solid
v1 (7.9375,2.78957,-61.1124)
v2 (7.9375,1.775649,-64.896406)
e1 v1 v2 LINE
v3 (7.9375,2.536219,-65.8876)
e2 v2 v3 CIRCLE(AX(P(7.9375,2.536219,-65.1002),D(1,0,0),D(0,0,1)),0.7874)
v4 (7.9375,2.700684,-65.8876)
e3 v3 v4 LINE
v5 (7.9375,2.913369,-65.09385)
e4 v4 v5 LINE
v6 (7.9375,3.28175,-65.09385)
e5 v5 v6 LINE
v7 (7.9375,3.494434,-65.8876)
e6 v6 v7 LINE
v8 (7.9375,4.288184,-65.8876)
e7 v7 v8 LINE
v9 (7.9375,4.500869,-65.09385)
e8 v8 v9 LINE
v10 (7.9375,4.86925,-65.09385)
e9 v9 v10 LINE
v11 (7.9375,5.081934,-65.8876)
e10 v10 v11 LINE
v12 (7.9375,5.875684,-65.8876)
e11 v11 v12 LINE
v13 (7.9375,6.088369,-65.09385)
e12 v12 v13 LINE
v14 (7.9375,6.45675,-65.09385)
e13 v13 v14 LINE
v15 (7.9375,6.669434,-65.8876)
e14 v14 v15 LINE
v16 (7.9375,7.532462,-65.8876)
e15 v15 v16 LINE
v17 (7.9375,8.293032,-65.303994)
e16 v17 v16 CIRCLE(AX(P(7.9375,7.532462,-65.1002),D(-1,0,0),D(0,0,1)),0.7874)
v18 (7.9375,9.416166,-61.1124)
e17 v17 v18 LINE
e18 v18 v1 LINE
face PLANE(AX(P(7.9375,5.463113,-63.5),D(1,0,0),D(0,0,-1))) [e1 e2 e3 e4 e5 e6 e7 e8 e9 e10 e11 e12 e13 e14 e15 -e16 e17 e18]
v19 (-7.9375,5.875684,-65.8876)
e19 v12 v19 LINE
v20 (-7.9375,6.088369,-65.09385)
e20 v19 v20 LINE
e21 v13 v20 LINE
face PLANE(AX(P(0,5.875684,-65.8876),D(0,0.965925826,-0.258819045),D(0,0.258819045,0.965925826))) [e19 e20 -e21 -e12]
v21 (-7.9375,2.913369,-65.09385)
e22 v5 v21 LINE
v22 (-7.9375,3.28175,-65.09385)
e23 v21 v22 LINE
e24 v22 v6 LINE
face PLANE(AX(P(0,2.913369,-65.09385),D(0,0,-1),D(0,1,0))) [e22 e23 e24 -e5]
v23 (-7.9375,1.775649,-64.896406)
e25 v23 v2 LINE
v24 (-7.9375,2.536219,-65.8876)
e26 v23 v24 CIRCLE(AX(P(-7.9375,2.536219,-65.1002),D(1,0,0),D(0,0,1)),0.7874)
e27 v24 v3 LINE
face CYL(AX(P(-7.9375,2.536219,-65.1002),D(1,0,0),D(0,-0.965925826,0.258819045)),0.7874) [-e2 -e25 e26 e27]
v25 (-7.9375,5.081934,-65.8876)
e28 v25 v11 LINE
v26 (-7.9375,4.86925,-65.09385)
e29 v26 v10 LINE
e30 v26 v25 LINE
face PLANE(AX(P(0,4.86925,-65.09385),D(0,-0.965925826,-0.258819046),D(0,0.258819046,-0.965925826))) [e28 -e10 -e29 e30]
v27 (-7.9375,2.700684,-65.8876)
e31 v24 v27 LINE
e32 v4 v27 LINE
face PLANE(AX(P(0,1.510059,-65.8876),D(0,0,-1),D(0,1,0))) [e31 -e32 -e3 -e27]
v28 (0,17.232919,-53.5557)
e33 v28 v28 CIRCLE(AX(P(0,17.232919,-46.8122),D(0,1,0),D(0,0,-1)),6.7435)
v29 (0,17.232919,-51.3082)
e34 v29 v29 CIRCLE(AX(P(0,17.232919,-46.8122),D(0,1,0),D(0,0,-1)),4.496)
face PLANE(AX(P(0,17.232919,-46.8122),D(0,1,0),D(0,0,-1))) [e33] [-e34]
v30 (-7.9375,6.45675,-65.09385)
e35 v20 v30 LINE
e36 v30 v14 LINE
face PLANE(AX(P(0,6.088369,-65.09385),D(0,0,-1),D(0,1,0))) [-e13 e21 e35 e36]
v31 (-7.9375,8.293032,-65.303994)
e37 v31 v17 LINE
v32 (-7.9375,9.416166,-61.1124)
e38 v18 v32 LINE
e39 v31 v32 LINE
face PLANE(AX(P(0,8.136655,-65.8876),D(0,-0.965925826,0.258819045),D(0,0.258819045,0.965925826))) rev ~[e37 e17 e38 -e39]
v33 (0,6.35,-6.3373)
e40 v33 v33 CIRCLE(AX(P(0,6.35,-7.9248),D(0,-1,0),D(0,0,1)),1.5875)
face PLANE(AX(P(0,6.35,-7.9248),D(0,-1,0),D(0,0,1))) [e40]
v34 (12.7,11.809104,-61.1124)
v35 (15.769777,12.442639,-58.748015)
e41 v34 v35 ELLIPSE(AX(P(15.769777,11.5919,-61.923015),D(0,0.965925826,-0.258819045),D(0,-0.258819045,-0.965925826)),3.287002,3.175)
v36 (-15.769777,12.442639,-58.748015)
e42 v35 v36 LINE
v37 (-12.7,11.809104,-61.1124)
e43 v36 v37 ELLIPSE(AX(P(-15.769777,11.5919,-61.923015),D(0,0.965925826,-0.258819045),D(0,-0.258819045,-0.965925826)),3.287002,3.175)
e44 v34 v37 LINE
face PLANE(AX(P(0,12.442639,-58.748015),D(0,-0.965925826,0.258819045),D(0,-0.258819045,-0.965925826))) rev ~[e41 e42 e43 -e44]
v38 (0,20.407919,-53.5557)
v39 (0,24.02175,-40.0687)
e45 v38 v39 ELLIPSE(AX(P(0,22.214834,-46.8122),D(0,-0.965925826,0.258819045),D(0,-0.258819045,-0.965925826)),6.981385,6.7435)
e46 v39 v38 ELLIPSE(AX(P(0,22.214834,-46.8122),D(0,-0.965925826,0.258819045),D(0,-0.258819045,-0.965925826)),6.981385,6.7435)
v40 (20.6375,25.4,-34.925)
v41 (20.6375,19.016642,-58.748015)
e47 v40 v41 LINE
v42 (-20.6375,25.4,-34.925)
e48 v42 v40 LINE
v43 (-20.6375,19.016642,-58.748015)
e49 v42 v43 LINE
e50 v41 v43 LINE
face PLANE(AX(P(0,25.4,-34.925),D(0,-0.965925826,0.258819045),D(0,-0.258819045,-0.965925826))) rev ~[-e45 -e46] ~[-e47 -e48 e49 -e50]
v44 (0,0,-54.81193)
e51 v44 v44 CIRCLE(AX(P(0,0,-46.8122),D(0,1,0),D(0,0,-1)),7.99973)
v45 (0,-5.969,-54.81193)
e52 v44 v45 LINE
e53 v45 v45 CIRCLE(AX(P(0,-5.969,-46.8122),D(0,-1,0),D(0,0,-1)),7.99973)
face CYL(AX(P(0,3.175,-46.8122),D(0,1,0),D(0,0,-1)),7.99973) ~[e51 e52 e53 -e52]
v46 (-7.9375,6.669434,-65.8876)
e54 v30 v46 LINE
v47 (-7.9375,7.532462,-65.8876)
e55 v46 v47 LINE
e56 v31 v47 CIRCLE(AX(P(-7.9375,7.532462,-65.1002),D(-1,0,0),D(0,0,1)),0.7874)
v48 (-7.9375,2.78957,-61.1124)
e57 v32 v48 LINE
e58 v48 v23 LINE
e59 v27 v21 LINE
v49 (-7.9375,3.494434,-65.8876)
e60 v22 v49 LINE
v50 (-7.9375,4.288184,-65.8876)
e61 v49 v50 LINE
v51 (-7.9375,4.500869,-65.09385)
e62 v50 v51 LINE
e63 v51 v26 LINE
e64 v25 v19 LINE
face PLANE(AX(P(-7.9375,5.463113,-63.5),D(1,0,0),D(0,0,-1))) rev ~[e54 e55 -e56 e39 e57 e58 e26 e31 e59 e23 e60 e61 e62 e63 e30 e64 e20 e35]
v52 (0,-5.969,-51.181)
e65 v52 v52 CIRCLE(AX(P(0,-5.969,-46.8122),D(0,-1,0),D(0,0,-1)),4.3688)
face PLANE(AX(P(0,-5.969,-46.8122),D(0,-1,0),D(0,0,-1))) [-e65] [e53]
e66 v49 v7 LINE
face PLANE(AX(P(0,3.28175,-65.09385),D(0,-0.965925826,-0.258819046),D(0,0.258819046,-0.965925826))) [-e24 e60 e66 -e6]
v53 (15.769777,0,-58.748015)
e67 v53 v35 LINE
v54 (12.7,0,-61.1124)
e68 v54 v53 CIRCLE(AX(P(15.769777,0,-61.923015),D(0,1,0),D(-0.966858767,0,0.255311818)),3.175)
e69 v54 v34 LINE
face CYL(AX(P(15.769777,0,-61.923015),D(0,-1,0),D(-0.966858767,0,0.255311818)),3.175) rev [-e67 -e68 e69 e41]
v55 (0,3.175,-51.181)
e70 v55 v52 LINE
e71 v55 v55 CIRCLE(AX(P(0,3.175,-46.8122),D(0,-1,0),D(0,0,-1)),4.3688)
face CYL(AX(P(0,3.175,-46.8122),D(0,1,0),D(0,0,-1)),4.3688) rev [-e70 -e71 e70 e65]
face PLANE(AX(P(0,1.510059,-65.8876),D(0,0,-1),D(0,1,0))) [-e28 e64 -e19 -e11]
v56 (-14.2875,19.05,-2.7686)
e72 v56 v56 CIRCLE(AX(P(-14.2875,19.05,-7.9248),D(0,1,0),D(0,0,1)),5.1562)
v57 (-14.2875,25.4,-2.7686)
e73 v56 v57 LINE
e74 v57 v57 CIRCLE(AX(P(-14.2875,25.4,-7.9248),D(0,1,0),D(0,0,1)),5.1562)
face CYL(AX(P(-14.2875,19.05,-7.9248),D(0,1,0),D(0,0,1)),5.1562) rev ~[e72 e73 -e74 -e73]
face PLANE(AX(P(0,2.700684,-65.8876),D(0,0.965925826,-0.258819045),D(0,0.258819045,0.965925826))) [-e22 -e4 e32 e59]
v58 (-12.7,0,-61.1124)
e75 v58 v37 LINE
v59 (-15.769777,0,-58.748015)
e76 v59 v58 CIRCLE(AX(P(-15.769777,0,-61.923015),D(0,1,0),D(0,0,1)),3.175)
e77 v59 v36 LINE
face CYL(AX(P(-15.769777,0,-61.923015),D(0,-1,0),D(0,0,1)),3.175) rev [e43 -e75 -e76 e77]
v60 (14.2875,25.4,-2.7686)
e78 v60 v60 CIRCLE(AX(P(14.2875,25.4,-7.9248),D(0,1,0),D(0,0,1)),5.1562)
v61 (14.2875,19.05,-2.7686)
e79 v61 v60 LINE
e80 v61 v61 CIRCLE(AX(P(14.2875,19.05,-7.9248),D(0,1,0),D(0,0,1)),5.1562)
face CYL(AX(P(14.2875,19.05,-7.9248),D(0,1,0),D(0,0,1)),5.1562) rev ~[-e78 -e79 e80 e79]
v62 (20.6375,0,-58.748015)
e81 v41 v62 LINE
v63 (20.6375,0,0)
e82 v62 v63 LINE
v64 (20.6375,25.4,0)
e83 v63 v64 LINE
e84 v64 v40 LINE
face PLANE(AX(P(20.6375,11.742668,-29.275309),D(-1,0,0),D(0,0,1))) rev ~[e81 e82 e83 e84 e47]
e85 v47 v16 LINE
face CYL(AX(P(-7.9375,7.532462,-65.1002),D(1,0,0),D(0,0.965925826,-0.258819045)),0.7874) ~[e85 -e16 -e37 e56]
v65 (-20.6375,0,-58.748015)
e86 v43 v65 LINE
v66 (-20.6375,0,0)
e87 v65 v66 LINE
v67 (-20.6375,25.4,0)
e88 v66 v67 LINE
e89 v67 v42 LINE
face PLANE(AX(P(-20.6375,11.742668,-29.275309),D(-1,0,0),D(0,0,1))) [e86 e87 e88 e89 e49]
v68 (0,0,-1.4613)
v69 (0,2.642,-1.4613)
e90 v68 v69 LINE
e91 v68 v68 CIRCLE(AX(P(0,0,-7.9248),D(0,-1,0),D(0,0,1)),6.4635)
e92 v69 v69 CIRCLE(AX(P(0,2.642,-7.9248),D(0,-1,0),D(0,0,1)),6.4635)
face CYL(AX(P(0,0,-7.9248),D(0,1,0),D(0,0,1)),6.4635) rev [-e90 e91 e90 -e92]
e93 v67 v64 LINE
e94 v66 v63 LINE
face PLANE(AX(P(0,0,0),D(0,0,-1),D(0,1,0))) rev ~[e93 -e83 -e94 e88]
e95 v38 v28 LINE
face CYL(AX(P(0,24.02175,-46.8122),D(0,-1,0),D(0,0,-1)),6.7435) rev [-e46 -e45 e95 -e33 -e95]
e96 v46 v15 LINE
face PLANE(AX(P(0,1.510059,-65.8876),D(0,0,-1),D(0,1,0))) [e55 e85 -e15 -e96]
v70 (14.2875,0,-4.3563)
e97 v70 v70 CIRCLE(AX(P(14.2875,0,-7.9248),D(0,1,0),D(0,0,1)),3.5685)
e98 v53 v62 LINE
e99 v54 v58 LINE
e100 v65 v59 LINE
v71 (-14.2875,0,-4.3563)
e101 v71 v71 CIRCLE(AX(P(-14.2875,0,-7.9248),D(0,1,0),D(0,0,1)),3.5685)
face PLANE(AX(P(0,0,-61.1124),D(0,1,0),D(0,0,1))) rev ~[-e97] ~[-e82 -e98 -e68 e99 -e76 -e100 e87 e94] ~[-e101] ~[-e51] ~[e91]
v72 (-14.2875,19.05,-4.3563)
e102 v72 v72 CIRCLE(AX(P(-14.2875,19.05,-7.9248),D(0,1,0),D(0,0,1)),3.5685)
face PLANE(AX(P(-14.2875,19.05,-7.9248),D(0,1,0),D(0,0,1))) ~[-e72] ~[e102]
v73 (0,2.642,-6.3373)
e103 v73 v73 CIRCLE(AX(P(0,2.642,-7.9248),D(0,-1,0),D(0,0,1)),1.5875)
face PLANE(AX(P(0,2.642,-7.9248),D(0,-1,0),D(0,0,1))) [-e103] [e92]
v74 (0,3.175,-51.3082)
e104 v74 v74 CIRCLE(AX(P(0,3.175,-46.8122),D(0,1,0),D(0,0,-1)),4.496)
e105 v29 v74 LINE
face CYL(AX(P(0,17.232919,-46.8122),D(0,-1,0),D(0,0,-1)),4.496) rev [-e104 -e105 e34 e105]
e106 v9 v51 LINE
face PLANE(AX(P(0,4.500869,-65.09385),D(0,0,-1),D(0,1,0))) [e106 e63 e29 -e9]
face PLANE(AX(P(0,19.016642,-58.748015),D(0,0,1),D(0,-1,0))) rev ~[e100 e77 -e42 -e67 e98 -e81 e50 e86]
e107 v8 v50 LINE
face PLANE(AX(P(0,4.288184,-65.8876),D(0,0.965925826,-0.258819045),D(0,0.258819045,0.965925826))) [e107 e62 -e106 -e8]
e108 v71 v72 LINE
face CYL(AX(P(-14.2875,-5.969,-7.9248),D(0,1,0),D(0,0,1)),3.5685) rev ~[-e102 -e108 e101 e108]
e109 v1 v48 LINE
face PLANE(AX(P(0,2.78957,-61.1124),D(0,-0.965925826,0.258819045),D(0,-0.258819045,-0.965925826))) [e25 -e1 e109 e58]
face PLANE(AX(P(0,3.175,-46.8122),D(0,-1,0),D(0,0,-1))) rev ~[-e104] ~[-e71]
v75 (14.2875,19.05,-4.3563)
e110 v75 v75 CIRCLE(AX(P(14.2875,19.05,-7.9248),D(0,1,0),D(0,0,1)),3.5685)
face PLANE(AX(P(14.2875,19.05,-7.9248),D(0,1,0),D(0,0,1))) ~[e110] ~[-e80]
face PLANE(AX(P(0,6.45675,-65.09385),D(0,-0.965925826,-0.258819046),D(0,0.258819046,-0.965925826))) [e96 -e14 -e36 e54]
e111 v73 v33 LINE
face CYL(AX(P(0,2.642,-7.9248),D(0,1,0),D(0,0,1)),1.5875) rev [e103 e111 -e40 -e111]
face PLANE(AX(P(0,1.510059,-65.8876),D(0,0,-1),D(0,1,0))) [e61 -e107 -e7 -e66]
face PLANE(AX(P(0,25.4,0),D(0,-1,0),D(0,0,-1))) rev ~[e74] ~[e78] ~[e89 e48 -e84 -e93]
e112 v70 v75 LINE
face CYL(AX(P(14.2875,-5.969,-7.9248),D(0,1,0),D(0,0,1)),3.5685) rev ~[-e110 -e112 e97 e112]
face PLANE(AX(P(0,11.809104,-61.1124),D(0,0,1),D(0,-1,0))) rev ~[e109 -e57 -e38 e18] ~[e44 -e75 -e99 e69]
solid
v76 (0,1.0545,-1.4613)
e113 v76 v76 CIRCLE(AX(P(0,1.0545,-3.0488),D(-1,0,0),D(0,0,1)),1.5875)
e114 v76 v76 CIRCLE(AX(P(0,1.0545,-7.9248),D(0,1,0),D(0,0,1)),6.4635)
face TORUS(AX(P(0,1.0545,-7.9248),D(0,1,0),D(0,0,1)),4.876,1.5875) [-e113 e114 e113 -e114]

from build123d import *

# Parameters (mm, degrees)
EXTRUDE1_DEPTH      = 20.6375
EXTRUDE1_DEPTH_BACK = 20.6375
CUT_EXTRUDE1_REACH  = 27.4
SKETCH4_R           = 7.99973
SKETCH4_R_2         = 4.3688
EXTRUDE2_DEPTH      = 9.144
EXTRUDE3_DEPTH      = 7.9375
EXTRUDE3_DEPTH_BACK = 7.9375
CUT_EXTRUDE2_DEPTH  = 24.765
LPATTERN2_COUNT     = 3
LPATTERN2_PITCH     = 1.5875
FILLET1_R           = 0.7874
SKETCH8_R           = 1.5875
HOLE1_AT_2_COUNT    = 2
HOLE1_AT_2_PITCH    = 28.575


with BuildPart() as part:
    # Sketch1 → Extrude1 (new body, two sides)
    with BuildSketch(Plane(origin=(0, 0, 0), x_dir=(0, 0, -1), z_dir=(1, 0, 0))) as extrude1_sk:
        Polygon((34.925, 25.4), (58.748015024, 19.016642363), (58.748015024, 12.442638617), (61.1124, 11.809103573), (61.1124, 0), (0, 0), (0, 25.4), align=None)
    extrude(amount=EXTRUDE1_DEPTH)
    extrude(extrude1_sk.sketch, amount=-EXTRUDE1_DEPTH_BACK)

    # Cut-Extrude1: up to this plane
    cut_extrude1_end = Plane(origin=(-20.6375, 12.442638617, -58.748015024), z_dir=(0, 0.965925826, -0.258819045))
    # Sketch2 → Cut-Extrude1 (cut, up to the surface)
    with BuildSketch(Plane.XZ, mode=Mode.PRIVATE) as cut_extrude1_sk1:
        with BuildLine():
            Line((20.6375, -61.1124), (12.7, -61.1124))
            ThreePointArc((12.7, -61.1124), (13.832391453, -59.407629596), (15.769776585, -58.748015024))
            Line((15.769776585, -58.748015024), (20.6375, -58.748015024))
            Line((20.6375, -58.748015024), (20.6375, -61.1124))
        make_face()
    cut_extrude1_tool1 = split(extrude(cut_extrude1_sk1.sketch, amount=-CUT_EXTRUDE1_REACH, mode=Mode.PRIVATE), bisect_by=cut_extrude1_end, keep=Keep.BOTH, mode=Mode.PRIVATE)
    add(cut_extrude1_tool1.solids().sort_by_distance((17.033922, 0, -59.993139))[0], mode=Mode.SUBTRACT)
    # Sketch2 → Cut-Extrude1 (cut, up to the surface)
    with BuildSketch(Plane.XZ, mode=Mode.PRIVATE) as cut_extrude1_sk2:
        with BuildLine():
            Line((-20.6375, -58.748015024), (-15.769776585, -58.748015024))
            ThreePointArc((-15.769776585, -58.748015024), (-13.832391453, -59.407629596), (-12.7, -61.1124))
            Line((-12.7, -61.1124), (-20.6375, -61.1124))
            Line((-20.6375, -61.1124), (-20.6375, -58.748015024))
        make_face()
    cut_extrude1_tool2 = split(extrude(cut_extrude1_sk2.sketch, amount=-CUT_EXTRUDE1_REACH, mode=Mode.PRIVATE), bisect_by=cut_extrude1_end, keep=Keep.BOTH, mode=Mode.PRIVATE)
    add(cut_extrude1_tool2.solids().sort_by_distance((-17.033922, 0, -59.993139))[0], mode=Mode.SUBTRACT)

    # Sketch3 → Cut-Revolve1 (revolve, cut)
    with BuildSketch(Plane(origin=(0, 0, 0), x_dir=(0, 0, -1), z_dir=(1, 0, 0)), mode=Mode.PRIVATE) as cut_revolve1_sk:
        Polygon((40.0687, 24.021749739), (40.0687, 17.232918981), (42.3162, 17.232918981), (42.3162, 3.175), (38.81247, 3.175), (38.81247, 0), (46.8122, 0), (46.8122, 24.021749739), align=None)
    revolve(cut_revolve1_sk.sketch.rotate(Axis((0, -4.910727806, -46.8122), (0, 1, 0)), 180), axis=Axis((0, -4.910727806, -46.8122), (0, 1, 0)), mode=Mode.SUBTRACT)  # turned: the seam where the file's is

    # Sketch4 → Extrude2 (add)
    with BuildSketch(Plane.XZ.offset(-3.175)):
        with Locations(Location((0, -46.8122, 0), (0, 0, 270))):  # turned: the seam where the file's is
            Circle(SKETCH4_R)
        with Locations(Location((0, -46.8122, 0), (0, 0, 270))):  # turned: the seam where the file's is
            Circle(SKETCH4_R_2, mode=Mode.SUBTRACT)
    extrude(amount=EXTRUDE2_DEPTH)

    # S2D0005 → Cut-Revolve2 (revolve, cut)
    with BuildSketch(Plane(origin=(0, 0, -7.9248), x_dir=(-1, 0, 0), z_dir=(0, 0, 1)), mode=Mode.PRIVATE) as cut_revolve2_sk:
        Polygon((0, 0), (6.4635, 0), (6.4635, -2.642), (1.5875, -2.642), (1.5875, -6.35), (0, -6.35), align=None)
    revolve(cut_revolve2_sk.sketch.rotate(Axis((0, 10.867513557, -7.9248), (0, -1, 0)), 270), axis=Axis((0, 10.867513557, -7.9248), (0, -1, 0)), mode=Mode.SUBTRACT)  # turned: the seam where the file's is

    # Sketch6 → Extrude3 (add, two sides)
    with BuildSketch(Plane(origin=(0, 0, 0), x_dir=(0, 0, -1), z_dir=(1, 0, 0))) as extrude3_sk:
        Polygon((61.1124, 2.789570434), (65.8876, 1.51005945), (65.8876, 8.136655225), (61.1124, 9.416166209), align=None)
    extrude(amount=EXTRUDE3_DEPTH)
    extrude(extrude3_sk.sketch, amount=-EXTRUDE3_DEPTH_BACK)

    # Sketch7 → Cut-Extrude2 (cut, symmetric)
    with BuildSketch(Plane(origin=(0, 0, 0), x_dir=(0, 0, -1), z_dir=(1, 0, 0))):
        Polygon((65.8876, 3.49443445), (65.8876, 2.70068445), (65.09385, 2.913369121), (65.09385, 3.281749778), align=None)
    cut_extrude2 = extrude(amount=CUT_EXTRUDE2_DEPTH, both=True, mode=Mode.SUBTRACT)

    # LPattern2: Cut-Extrude2 ×3
    with Locations(*[(0, i * LPATTERN2_PITCH, 0) for i in range(1, LPATTERN2_COUNT)]):
        add(cut_extrude2, mode=Mode.SUBTRACT)

    # Fillet1
    fillet1_edges = [part.edges().sort_by_distance(p)[0] for p in [
        (0, 8.136655225, -65.8876),
        (0, 1.51005945, -65.8876),
    ]]
    fillet(fillet1_edges, radius=FILLET1_R)

    # Sketch9 → Hole1 (revolve, cut)
    with BuildSketch(Plane(origin=(-14.2875, 25.4, -7.9248), x_dir=(0, 0, 1), z_dir=(1, 0, 0))):
        Polygon((0, 0), (0, 31.369), (3.5685, 31.369), (3.5685, 6.35), (5.1562, 6.35), (5.1562, 0), align=None)
    hole1 = revolve(axis=Axis((-14.2875, -84.6, -7.9248), (0, 1, 0)), mode=Mode.SUBTRACT)

    # Hole1 at 2: Hole1 ×2
    with Locations(*[(i * HOLE1_AT_2_PITCH, 0, 0) for i in range(1, HOLE1_AT_2_COUNT)]):
        add(hole1, mode=Mode.SUBTRACT)


with BuildPart() as body_2:
    # Sketch8 → Revolve1 (revolve)
    with BuildSketch(Plane(origin=(0, 0, 0), x_dir=(0, 0, -1), z_dir=(1, 0, 0)), mode=Mode.PRIVATE) as revolve1_sk:
        with Locations((12.8008, 1.0545)):
            Circle(SKETCH8_R)
    revolve(revolve1_sk.sketch.rotate(Axis((0, -0.66675, -7.9248), (0, 1, 0)), 180), axis=Axis((0, -0.66675, -7.9248), (0, 1, 0)))  # turned: the seam where the file's is


solid = Compound([part.part, body_2.part])
